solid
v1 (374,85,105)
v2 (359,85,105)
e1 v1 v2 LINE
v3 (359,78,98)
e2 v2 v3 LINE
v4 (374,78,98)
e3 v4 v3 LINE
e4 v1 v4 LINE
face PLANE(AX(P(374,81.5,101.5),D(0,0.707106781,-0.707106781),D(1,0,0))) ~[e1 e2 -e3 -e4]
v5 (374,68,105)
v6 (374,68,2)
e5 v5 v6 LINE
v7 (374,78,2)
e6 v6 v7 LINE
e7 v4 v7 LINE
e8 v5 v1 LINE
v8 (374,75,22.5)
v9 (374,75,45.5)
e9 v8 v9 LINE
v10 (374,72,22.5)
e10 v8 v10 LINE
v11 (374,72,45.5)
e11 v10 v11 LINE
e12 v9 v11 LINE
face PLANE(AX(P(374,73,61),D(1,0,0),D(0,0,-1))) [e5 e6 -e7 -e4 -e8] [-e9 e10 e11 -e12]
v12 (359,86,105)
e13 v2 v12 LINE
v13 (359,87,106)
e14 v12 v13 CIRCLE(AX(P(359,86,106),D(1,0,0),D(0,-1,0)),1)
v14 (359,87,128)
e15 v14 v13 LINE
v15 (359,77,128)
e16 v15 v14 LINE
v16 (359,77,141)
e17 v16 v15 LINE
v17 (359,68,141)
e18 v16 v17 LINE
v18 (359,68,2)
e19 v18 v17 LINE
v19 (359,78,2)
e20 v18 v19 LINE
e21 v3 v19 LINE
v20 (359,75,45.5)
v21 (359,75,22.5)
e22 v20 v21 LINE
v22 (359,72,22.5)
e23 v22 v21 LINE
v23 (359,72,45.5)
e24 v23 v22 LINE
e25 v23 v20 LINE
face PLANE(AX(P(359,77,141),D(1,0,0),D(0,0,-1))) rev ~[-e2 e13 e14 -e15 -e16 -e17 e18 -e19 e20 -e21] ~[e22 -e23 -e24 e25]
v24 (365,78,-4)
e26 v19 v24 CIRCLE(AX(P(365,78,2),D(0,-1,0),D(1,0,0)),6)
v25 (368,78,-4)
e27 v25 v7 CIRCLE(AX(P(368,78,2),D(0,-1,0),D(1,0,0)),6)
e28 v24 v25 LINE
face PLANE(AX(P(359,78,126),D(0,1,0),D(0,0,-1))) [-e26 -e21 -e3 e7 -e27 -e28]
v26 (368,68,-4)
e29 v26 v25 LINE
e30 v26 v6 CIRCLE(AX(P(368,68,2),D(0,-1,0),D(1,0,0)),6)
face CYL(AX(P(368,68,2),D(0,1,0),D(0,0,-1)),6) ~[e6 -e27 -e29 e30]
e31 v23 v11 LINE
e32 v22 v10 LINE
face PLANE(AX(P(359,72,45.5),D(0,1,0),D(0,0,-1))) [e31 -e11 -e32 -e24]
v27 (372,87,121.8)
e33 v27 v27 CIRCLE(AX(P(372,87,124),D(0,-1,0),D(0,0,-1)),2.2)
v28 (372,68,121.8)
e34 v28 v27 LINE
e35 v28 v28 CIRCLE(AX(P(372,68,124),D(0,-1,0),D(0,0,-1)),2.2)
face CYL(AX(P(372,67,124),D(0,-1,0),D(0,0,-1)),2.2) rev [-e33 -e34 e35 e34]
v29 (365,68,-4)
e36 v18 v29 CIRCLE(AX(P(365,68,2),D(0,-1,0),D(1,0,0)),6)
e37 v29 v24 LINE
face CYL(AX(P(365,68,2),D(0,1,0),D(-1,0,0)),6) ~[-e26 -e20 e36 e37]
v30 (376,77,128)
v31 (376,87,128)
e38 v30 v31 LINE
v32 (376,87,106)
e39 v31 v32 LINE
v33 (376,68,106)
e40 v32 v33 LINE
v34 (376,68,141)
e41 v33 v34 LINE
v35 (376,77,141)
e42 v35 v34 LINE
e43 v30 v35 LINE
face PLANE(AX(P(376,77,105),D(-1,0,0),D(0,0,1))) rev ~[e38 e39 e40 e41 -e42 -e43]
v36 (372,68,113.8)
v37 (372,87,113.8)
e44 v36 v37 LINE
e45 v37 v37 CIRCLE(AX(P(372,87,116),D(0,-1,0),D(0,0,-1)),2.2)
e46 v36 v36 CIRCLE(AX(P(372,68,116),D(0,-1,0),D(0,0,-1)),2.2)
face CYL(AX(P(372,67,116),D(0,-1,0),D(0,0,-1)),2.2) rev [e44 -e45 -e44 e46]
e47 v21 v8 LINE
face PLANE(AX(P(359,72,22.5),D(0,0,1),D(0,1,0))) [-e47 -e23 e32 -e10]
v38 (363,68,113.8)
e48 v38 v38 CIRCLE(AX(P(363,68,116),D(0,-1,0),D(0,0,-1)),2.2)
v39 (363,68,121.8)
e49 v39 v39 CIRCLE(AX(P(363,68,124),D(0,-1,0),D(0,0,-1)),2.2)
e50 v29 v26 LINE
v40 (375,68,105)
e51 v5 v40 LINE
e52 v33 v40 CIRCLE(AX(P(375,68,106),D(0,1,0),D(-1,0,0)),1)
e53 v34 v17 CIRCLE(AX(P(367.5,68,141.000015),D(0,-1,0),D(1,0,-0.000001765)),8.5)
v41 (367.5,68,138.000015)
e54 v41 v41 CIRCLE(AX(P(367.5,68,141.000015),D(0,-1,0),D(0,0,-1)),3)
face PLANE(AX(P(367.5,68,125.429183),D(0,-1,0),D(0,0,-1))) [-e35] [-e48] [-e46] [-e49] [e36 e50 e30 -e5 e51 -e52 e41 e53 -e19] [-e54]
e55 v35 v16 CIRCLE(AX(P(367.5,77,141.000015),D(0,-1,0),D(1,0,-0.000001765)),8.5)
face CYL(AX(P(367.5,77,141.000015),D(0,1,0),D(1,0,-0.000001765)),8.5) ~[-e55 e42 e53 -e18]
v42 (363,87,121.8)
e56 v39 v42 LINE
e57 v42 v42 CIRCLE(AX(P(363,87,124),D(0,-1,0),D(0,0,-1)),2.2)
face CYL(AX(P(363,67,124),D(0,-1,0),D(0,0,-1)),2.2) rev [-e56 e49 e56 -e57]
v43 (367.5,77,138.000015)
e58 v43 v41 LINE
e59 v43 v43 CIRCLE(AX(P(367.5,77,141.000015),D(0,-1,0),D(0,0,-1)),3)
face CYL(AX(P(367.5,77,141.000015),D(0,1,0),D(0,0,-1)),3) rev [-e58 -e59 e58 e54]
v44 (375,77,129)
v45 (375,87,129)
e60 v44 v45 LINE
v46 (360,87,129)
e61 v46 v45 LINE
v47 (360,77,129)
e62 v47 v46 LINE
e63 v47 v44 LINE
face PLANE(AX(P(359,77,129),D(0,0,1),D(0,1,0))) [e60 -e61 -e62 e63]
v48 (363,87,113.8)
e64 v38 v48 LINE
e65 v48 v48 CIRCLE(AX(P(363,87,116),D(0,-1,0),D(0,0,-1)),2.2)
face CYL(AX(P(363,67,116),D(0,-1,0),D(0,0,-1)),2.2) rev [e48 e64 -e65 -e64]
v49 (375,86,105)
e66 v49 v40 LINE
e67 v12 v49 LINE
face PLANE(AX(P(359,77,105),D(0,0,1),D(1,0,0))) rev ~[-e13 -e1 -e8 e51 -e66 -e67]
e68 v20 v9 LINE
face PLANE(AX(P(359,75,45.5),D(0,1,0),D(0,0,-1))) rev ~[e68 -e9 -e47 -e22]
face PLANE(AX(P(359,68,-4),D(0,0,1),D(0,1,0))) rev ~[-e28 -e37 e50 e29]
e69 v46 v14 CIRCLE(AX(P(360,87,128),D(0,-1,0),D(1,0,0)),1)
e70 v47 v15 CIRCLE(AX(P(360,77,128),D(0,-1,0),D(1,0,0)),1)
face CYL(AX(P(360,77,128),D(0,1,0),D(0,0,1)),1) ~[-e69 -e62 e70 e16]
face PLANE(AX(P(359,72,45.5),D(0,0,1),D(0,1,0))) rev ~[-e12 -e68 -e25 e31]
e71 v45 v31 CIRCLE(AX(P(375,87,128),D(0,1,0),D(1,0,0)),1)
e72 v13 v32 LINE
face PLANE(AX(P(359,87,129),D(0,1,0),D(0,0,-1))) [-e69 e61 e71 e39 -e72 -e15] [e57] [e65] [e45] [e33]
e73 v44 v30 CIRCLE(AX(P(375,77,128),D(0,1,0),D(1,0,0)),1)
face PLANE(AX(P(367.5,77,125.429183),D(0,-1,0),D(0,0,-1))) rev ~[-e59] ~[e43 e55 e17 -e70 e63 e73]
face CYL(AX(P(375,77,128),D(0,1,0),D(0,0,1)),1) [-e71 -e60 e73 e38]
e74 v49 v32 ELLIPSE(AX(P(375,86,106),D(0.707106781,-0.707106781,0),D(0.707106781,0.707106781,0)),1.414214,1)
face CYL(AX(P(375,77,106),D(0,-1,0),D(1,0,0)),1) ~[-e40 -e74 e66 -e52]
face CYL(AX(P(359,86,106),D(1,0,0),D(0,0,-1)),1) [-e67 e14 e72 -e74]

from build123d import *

# Parameters (mm, degrees)
CYLINDER029_R          = 2.2
CYLINDER029_DEPTH      = 26
CYLINDER029_ROLL_ANGLE = -90
ARRAY001_X_COUNT       = 2
ARRAY001_X_PITCH       = 8
ARRAY001_Z_COUNT       = 2
ARRAY001_Z_PITCH       = 9
BOX015_W               = 23
BOX015_H               = 3
BOX015_DEPTH           = 20
BOX011_W               = 130
BOX011_H               = 10
BOX011_DEPTH           = 15
SKETCH003_R            = 3
PAD003_DEPTH           = 9
FILLET003_R            = 1
BOX013_W               = 24
BOX013_H               = 10
BOX013_DEPTH           = 17
FILLET_R               = 1
CHAMFER_SIZE           = 7
FILLET004_R            = 6
FILLET004_PITCH_ANGLE  = 90


with BuildPart() as taladros_suje_traccion:
    # Cylinder029 → Cylinder029 (new body)
    with BuildSketch(Plane.XY):
        Circle(CYLINDER029_R)
    extrude(amount=CYLINDER029_DEPTH)


with BuildPart() as taladros_suje_traccion_1:
    # Cylinder029 roll: moved
    add(taladros_suje_traccion.part.rotate(Axis((0, 0, 0), (1, 0, 0)), CYLINDER029_ROLL_ANGLE))


with BuildPart() as taladros_suje_traccion_2:
    # Cylinder029 placement: moved
    add(taladros_suje_traccion_1.part.moved(Location((202, 0, 4))))

    # Array001 X: Taladros_suje_traccion ×2


with BuildPart() as taladros_suje_traccion_3:
    add(taladros_suje_traccion_2.part)
    with Locations(*[(i * ARRAY001_X_PITCH, 0, 0) for i in range(1, ARRAY001_X_COUNT)]):
        add(taladros_suje_traccion_2.part)

    # Array001 Z: Taladros_suje_traccion ×2


with BuildPart() as taladros_suje_traccion_4:
    add(taladros_suje_traccion_3.part)
    with Locations(*[(0, 0, i * ARRAY001_Z_PITCH) for i in range(1, ARRAY001_Z_COUNT)]):
        add(taladros_suje_traccion_3.part)


with BuildPart() as agarre1:
    # Box015 → Box015 (new body)
    with BuildSketch(Plane(origin=(280.5, 5, 0), x_dir=(1, 0, 0), z_dir=(0, 0, 1))):
        with Locations((11.5, 1.5)):
            Rectangle(BOX015_W, BOX015_H)
    extrude(amount=BOX015_DEPTH)


with BuildPart() as base_tibia:
    # Box011 → Box011 (new body)
    with BuildSketch(Plane(origin=(200, 1.5, 0), x_dir=(1, 0, 0), z_dir=(0, 0, 1))):
        with Locations((65, 5)):
            Rectangle(BOX011_W, BOX011_H)
    extrude(amount=BOX011_DEPTH)


with BuildPart() as tibia_agarre:
    # Sketch003 → Pad003 (new body)
    with BuildSketch(Plane(origin=(221, 10.5, 0), x_dir=(1, 0, 0), z_dir=(0, -1, 0))):
        with BuildLine():
            Line((0, 17), (-36, 17))
            ThreePointArc((-36, 17), (-44.500015, 8.5), (-36, 0))
            Line((-36, 0), (0, 0))
            Line((0, 0), (0, 17))
        make_face()
        with Locations((-36.000015, 8.5)):
            Circle(SKETCH003_R, mode=Mode.SUBTRACT)
    extrude(amount=PAD003_DEPTH)

    # Fillet003
    fillet003_edges = [tibia_agarre.edges().sort_by_distance(p)[0] for p in [
        (221, 6, 17),
        (221, 6, 0),
    ]]
    fillet(fillet003_edges, radius=FILLET003_R)

    # Fusion008: union Base_tibia
    add(base_tibia.part)


with BuildPart() as tibia_agarre_1:
    # Fusion008 placement: moved
    add(tibia_agarre.part.moved(Location((0, -0.5, 0))))

    # Cut010: cut Agarre1
    add(agarre1.part, mode=Mode.SUBTRACT)


with BuildPart() as tibia_redondeada:
    # Box013 → Box013 (new body)
    with BuildSketch(Plane(origin=(197, 10, 0), x_dir=(1, 0, 0), z_dir=(0, 0, 1))):
        with Locations((12, 5)):
            Rectangle(BOX013_W, BOX013_H)
    extrude(amount=BOX013_DEPTH)

    # Fillet
    fillet_edges = [tibia_redondeada.edges().sort_by_distance(p)[0] for p in [
        (197, 15, 17),
        (197, 15, 0),
        (221, 15, 17),
        (221, 20, 8.5),
    ]]
    fillet(fillet_edges, radius=FILLET_R)

    # Fusion009003008: union Tibia_agarre
    add(tibia_agarre_1.part)

    # Chamfer
    chamfer_edges = [tibia_redondeada.edges().sort_by_distance(p)[0] for p in [
        (221, 11, 7.5),
    ]]
    chamfer(chamfer_edges, length=CHAMFER_SIZE)

    # Cut011: cut Taladros_suje_traccion
    add(taladros_suje_traccion_4.part, mode=Mode.SUBTRACT)

    # Fillet004
    fillet004_edges = [tibia_redondeada.edges().sort_by_distance(p)[0] for p in [
        (330, 6, 0),
        (330, 6, 15),
    ]]
    fillet(fillet004_edges, radius=FILLET004_R)


with BuildPart() as tibia_redondeada_1:
    # Fillet004 pitch: moved
    add(tibia_redondeada.part.rotate(Axis((0, 0, 0), (0, 1, 0)), FILLET004_PITCH_ANGLE))


with BuildPart() as tibia_redondeada_2:
    # Fillet004 placement: moved
    add(tibia_redondeada_1.part.moved(Location((359, 67, 326))))


solid = tibia_redondeada_2.part
